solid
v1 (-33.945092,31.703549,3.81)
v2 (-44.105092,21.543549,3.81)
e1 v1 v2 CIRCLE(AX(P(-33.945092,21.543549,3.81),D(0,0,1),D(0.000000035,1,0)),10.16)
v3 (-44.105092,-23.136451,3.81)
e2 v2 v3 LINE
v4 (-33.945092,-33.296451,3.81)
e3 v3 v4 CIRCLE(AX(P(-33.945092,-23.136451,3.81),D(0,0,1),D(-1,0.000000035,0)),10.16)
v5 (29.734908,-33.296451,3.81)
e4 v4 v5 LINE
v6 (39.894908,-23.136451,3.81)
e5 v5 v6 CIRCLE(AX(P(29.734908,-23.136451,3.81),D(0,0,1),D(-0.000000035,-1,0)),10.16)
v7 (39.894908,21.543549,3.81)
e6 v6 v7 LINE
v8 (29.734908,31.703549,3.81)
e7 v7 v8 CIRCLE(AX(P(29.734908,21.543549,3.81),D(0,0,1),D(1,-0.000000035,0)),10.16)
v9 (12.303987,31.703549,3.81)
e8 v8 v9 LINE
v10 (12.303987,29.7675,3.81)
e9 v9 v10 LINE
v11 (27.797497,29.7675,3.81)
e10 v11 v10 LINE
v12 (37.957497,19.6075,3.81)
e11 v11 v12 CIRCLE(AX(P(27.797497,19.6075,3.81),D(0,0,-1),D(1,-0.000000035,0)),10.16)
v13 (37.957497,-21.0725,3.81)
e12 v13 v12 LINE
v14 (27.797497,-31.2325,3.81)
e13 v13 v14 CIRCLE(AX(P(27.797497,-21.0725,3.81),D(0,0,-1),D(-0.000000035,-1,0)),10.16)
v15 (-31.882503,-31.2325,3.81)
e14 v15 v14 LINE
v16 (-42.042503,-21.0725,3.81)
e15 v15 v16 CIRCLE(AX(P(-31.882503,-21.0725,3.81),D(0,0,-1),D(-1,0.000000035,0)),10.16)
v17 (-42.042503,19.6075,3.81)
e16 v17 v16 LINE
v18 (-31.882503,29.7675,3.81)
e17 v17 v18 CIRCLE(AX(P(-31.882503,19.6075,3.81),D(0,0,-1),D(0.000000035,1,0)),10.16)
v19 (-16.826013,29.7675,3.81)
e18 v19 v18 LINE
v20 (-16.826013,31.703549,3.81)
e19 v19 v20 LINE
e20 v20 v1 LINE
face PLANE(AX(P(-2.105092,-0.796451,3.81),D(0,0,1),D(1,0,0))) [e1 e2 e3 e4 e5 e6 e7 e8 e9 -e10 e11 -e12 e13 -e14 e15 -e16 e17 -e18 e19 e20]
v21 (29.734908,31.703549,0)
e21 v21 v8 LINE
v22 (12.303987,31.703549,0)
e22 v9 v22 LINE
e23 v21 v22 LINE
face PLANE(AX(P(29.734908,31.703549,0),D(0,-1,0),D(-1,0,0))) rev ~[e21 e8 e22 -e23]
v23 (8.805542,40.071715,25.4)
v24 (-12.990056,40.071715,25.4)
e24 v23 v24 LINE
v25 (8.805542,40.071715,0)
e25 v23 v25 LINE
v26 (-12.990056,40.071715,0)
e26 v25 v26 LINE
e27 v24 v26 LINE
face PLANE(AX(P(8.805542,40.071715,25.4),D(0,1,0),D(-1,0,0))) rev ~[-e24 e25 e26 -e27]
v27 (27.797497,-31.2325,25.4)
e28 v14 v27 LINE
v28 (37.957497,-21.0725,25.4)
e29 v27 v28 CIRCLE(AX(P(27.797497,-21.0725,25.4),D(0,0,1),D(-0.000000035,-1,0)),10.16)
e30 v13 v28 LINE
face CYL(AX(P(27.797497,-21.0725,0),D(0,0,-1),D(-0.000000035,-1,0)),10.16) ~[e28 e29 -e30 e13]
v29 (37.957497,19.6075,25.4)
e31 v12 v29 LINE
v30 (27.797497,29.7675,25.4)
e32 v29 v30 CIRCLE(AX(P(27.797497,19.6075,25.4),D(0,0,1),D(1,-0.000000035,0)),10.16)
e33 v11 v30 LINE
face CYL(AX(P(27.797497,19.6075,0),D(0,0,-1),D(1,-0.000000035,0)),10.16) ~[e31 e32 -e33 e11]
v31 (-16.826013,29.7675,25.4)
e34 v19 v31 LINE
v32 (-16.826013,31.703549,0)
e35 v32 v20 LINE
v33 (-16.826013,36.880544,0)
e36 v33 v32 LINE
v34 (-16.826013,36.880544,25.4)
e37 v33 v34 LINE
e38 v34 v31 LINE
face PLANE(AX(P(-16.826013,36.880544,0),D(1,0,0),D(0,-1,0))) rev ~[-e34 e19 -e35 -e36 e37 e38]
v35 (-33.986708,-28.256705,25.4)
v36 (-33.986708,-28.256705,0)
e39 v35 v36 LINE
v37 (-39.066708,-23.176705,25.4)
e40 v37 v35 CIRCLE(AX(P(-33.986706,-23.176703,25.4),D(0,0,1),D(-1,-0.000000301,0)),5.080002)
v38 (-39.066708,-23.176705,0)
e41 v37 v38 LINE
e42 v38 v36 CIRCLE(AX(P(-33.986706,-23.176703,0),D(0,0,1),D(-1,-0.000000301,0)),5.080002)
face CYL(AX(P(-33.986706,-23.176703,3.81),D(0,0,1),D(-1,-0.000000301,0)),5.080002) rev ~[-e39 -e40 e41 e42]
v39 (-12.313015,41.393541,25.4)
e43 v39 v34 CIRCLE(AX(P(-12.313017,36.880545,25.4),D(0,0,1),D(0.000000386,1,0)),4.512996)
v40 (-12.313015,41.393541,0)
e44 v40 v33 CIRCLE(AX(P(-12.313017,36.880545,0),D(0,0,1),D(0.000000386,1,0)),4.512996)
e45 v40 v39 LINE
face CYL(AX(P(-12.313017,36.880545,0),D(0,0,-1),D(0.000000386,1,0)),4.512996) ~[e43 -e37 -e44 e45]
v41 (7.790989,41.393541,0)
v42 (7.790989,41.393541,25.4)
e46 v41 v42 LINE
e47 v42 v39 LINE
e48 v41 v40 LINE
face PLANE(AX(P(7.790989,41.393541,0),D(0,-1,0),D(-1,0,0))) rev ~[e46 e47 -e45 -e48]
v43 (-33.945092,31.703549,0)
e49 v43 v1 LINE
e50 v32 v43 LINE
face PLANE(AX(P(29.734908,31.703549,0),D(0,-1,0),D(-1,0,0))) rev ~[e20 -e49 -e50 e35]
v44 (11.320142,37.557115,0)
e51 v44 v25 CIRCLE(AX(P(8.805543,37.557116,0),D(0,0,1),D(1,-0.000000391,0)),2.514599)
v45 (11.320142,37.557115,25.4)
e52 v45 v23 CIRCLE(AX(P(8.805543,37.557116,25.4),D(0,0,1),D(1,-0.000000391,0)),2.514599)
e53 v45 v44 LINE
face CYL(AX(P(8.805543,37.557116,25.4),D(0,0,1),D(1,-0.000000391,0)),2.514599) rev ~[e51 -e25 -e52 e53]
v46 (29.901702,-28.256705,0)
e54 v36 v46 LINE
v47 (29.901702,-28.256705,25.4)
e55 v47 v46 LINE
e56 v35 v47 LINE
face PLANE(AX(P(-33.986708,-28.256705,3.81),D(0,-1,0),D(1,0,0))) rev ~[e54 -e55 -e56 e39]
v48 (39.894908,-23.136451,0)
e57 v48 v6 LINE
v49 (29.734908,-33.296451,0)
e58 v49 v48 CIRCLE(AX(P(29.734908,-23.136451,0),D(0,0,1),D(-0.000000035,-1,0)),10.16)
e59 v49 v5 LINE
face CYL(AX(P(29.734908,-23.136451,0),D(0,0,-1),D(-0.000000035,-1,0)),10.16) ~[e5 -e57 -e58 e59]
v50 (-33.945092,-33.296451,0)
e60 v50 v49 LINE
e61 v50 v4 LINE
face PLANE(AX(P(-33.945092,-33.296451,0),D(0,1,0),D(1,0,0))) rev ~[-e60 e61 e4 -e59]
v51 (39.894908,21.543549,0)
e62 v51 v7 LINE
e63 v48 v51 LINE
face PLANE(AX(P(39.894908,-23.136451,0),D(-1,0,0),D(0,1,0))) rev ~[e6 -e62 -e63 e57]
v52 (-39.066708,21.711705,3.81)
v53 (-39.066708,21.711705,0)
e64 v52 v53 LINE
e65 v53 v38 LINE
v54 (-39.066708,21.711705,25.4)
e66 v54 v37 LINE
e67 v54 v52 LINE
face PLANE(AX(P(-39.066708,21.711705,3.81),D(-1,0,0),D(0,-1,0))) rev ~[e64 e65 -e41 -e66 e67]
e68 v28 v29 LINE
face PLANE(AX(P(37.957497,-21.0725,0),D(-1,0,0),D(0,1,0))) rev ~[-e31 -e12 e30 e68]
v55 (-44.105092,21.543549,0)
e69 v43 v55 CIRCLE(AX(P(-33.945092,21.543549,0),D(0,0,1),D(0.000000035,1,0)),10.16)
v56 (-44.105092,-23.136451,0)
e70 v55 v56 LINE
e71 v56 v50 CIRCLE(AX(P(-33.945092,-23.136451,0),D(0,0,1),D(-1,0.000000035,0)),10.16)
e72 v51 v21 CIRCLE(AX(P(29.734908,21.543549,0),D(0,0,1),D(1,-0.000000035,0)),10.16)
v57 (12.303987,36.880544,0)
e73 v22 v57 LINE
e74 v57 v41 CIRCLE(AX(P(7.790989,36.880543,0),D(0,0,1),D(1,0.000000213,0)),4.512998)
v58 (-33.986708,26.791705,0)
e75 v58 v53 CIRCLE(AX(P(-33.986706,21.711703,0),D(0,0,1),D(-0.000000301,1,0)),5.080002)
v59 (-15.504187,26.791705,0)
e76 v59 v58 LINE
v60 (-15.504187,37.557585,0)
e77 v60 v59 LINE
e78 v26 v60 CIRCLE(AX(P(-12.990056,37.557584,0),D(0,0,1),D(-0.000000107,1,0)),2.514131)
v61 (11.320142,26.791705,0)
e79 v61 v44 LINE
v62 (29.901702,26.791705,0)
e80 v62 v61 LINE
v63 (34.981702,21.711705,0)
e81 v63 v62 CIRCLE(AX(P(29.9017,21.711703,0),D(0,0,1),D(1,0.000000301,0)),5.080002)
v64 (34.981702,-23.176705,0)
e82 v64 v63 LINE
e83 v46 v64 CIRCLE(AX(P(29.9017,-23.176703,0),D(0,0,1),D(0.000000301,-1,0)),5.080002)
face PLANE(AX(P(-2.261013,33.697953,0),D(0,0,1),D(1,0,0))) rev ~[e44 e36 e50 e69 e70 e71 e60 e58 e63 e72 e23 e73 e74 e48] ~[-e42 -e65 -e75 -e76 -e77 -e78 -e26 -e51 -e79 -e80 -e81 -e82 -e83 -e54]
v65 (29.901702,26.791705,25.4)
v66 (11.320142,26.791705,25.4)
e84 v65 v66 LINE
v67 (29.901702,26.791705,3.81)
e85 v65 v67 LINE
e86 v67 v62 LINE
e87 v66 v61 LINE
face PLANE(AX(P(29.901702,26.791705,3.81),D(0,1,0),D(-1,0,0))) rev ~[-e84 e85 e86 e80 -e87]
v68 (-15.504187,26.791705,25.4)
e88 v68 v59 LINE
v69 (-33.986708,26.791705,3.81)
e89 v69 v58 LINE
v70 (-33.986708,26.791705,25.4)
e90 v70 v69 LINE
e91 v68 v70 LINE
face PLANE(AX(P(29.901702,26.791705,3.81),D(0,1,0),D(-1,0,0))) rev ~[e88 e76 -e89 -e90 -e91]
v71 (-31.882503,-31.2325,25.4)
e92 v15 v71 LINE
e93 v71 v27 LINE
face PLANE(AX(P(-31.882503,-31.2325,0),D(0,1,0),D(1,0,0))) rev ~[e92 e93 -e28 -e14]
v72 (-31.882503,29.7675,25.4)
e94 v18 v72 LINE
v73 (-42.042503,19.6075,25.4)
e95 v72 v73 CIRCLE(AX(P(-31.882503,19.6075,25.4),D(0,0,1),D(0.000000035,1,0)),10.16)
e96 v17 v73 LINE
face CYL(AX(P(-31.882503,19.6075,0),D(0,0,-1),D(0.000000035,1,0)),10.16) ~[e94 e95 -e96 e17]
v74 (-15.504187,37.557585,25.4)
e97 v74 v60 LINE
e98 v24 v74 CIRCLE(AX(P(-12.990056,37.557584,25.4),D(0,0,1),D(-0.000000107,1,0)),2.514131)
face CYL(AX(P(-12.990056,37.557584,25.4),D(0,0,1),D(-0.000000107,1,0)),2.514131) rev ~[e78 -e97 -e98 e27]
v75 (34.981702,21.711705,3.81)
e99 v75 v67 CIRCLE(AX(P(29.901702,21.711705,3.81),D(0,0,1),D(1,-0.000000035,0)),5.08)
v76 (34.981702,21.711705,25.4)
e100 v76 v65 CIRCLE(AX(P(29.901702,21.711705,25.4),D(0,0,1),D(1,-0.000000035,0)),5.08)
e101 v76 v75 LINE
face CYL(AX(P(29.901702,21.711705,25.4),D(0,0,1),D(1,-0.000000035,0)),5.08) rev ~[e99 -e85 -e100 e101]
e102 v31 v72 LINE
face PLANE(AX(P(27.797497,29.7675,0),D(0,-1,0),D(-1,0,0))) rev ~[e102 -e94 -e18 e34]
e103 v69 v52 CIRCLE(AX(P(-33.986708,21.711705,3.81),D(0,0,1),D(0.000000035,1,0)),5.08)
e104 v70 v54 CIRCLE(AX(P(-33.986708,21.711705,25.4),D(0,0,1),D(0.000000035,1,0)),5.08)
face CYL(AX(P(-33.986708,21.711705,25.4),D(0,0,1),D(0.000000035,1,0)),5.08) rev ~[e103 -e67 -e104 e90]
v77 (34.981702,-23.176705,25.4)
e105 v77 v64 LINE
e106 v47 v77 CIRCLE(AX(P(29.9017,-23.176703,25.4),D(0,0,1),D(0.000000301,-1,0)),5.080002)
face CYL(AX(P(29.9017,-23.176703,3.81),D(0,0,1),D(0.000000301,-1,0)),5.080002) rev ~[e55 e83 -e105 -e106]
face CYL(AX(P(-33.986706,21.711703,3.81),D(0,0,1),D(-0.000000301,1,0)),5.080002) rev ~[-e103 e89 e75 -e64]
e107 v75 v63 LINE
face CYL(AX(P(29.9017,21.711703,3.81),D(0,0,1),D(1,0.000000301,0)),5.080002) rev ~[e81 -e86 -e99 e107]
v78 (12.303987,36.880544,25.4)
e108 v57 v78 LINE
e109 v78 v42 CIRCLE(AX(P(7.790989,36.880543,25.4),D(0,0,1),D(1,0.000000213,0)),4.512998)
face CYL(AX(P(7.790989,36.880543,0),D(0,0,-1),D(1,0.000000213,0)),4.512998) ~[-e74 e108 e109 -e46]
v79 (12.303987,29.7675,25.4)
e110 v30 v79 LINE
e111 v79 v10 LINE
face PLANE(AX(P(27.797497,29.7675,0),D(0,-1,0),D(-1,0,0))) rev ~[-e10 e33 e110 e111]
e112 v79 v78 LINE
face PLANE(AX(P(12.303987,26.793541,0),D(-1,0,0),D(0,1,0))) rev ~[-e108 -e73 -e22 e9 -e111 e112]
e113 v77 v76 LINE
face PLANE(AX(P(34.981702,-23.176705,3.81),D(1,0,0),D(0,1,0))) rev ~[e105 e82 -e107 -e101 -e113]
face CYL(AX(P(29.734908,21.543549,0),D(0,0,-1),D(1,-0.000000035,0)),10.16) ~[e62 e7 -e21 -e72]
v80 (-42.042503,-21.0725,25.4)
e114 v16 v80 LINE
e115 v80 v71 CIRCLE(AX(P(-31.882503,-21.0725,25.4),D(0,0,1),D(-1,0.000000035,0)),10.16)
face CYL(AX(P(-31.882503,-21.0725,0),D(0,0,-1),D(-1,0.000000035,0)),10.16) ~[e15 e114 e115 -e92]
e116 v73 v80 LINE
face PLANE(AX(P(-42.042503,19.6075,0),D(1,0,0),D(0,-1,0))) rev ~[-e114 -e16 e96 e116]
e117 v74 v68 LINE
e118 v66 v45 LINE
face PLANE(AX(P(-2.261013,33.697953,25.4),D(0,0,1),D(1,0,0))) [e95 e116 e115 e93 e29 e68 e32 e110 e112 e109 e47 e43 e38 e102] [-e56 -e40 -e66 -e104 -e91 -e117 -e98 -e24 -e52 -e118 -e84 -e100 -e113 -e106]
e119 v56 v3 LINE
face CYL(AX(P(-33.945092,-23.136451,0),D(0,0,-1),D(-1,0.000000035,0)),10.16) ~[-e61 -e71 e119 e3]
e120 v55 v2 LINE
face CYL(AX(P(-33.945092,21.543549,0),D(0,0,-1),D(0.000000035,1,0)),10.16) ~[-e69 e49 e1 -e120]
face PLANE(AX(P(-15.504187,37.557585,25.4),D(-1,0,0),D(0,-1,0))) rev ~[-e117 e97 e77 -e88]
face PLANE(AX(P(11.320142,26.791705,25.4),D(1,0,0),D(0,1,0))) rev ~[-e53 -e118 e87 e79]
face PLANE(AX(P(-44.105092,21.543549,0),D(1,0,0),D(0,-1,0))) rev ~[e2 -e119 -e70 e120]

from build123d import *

# Parameters (mm, degrees)
F2_DEPTH  = 25.4
F4_DEPTH  = 25.4
F5_DEPTH  = 3.81
F6_DEPTH  = 25.4
F8_DEPTH  = 25.4
F10_DEPTH = 25.4


with BuildPart() as f2:
    # F1 (on Top) → F2 (new body)
    with BuildSketch(Plane.XY):
        with BuildLine():
            Line((27.797497, 29.7675), (-31.882503, 29.7675))
            ThreePointArc((-31.882503, 29.7675), (-39.066708, 26.791705), (-42.042503, 19.6075))
            Line((-42.042503, 19.6075), (-42.042503, -21.0725))
            ThreePointArc((-42.042503, -21.0725), (-39.066708, -28.256705), (-31.882503, -31.2325))
            Line((-31.882503, -31.2325), (27.797497, -31.2325))
            ThreePointArc((27.797497, -31.2325), (34.981702, -28.256705), (37.957497, -21.0725))
            Line((37.957497, -21.0725), (37.957497, 19.6075))
            ThreePointArc((37.957497, 19.6075), (34.981702, 26.791705), (27.797497, 29.7675))
        make_face()
    extrude(amount=F2_DEPTH)

    # F3 (on face) → F4 (cut)
    with BuildSketch(Plane.XY.offset(25.4)):
        with BuildLine():
            Line((29.901702, 26.791705), (-33.986708, 26.791705))
            ThreePointArc((-33.986708, 26.791705), (-37.57881, 25.303808), (-39.066708, 21.711705))
            Line((-39.066708, 21.711705), (-39.066708, -23.176705))
            ThreePointArc((-39.066708, -23.176705), (-37.57881, -26.768807), (-33.986708, -28.256705))
            Line((-33.986708, -28.256705), (29.901702, -28.256705))
            ThreePointArc((29.901702, -28.256705), (33.493804, -26.768807), (34.981702, -23.176705))
            Line((34.981702, -23.176705), (34.981702, 21.711705))
            ThreePointArc((34.981702, 21.711705), (33.493804, 25.303808), (29.901702, 26.791705))
        make_face()
    extrude(amount=-F4_DEPTH, mode=Mode.SUBTRACT)

    # F0 (on Top) → F5 (join)
    with BuildSketch(Plane.XY):
        with BuildLine():
            Line((29.734908, 31.703549), (-33.945092, 31.703549))
            ThreePointArc((-33.945092, 31.703549), (-41.129297, 28.727754), (-44.105092, 21.543549))
            Line((-44.105092, 21.543549), (-44.105092, -23.136451))
            ThreePointArc((-44.105092, -23.136451), (-41.129297, -30.320656), (-33.945092, -33.296451))
            Line((-33.945092, -33.296451), (29.734908, -33.296451))
            ThreePointArc((29.734908, -33.296451), (36.919113, -30.320656), (39.894908, -23.136451))
            Line((39.894908, -23.136451), (39.894908, 21.543549))
            ThreePointArc((39.894908, 21.543549), (36.919113, 28.727754), (29.734908, 31.703549))
        make_face()
    extrude(amount=F5_DEPTH)

    # F5_face (on face) → F6 (cut)
    with BuildSketch(Plane(origin=(-2.042503, -0.7325, 3.81), x_dir=(1, 0, 0), z_dir=(0, 0, 1))):
        with BuildLine():
            Line((31.944205, 27.524205), (-31.944205, 27.524205))
            ThreePointArc((-31.944205, 27.524205), (-35.536307, 26.036307), (-37.024205, 22.444205))
            Line((-37.024205, 22.444205), (-37.024205, -22.444205))
            ThreePointArc((-37.024205, -22.444205), (-35.536307, -26.036307), (-31.944205, -27.524205))
            Line((-31.944205, -27.524205), (31.944205, -27.524205))
            ThreePointArc((31.944205, -27.524205), (35.536307, -26.036307), (37.024205, -22.444205))
            Line((37.024205, -22.444205), (37.024205, 22.444205))
            ThreePointArc((37.024205, 22.444205), (35.536307, 26.036307), (31.944205, 27.524205))
        make_face()
    extrude(amount=-F6_DEPTH, mode=Mode.SUBTRACT)

    # F7 (on Top) → F8 (join)
    with BuildSketch(Plane.XY):
        with BuildLine():
            Line((-16.826013, 36.880544), (-16.826013, 26.793541))
            Line((-16.826013, 26.793541), (12.303987, 26.793541))
            Line((12.303987, 26.793541), (12.303987, 36.880544))
            ThreePointArc((12.303987, 36.880544), (10.98216, 40.071715), (7.790989, 41.393541))
            Line((7.790989, 41.393541), (-12.313015, 41.393541))
            ThreePointArc((-12.313015, 41.393541), (-15.504187, 40.071715), (-16.826013, 36.880544))
        make_face()
    extrude(amount=F8_DEPTH)

    # F9 (on face) → F10 (cut)
    with BuildSketch(Plane.XY.offset(25.4)):
        with BuildLine():
            Line((8.805542, 40.071715), (-12.990056, 40.071715))
            ThreePointArc((-12.990056, 40.071715), (-14.767815, 39.335343), (-15.504187, 37.557585))
            Line((-15.504187, 37.557585), (-15.504187, 26.791705))
            Line((-15.504187, 26.791705), (11.320142, 26.791705))
            Line((11.320142, 26.791705), (11.320142, 37.557115))
            ThreePointArc((11.320142, 37.557115), (10.583633, 39.335206), (8.805542, 40.071715))
        make_face()
    extrude(amount=-F10_DEPTH, mode=Mode.SUBTRACT)


solid = f2.part
